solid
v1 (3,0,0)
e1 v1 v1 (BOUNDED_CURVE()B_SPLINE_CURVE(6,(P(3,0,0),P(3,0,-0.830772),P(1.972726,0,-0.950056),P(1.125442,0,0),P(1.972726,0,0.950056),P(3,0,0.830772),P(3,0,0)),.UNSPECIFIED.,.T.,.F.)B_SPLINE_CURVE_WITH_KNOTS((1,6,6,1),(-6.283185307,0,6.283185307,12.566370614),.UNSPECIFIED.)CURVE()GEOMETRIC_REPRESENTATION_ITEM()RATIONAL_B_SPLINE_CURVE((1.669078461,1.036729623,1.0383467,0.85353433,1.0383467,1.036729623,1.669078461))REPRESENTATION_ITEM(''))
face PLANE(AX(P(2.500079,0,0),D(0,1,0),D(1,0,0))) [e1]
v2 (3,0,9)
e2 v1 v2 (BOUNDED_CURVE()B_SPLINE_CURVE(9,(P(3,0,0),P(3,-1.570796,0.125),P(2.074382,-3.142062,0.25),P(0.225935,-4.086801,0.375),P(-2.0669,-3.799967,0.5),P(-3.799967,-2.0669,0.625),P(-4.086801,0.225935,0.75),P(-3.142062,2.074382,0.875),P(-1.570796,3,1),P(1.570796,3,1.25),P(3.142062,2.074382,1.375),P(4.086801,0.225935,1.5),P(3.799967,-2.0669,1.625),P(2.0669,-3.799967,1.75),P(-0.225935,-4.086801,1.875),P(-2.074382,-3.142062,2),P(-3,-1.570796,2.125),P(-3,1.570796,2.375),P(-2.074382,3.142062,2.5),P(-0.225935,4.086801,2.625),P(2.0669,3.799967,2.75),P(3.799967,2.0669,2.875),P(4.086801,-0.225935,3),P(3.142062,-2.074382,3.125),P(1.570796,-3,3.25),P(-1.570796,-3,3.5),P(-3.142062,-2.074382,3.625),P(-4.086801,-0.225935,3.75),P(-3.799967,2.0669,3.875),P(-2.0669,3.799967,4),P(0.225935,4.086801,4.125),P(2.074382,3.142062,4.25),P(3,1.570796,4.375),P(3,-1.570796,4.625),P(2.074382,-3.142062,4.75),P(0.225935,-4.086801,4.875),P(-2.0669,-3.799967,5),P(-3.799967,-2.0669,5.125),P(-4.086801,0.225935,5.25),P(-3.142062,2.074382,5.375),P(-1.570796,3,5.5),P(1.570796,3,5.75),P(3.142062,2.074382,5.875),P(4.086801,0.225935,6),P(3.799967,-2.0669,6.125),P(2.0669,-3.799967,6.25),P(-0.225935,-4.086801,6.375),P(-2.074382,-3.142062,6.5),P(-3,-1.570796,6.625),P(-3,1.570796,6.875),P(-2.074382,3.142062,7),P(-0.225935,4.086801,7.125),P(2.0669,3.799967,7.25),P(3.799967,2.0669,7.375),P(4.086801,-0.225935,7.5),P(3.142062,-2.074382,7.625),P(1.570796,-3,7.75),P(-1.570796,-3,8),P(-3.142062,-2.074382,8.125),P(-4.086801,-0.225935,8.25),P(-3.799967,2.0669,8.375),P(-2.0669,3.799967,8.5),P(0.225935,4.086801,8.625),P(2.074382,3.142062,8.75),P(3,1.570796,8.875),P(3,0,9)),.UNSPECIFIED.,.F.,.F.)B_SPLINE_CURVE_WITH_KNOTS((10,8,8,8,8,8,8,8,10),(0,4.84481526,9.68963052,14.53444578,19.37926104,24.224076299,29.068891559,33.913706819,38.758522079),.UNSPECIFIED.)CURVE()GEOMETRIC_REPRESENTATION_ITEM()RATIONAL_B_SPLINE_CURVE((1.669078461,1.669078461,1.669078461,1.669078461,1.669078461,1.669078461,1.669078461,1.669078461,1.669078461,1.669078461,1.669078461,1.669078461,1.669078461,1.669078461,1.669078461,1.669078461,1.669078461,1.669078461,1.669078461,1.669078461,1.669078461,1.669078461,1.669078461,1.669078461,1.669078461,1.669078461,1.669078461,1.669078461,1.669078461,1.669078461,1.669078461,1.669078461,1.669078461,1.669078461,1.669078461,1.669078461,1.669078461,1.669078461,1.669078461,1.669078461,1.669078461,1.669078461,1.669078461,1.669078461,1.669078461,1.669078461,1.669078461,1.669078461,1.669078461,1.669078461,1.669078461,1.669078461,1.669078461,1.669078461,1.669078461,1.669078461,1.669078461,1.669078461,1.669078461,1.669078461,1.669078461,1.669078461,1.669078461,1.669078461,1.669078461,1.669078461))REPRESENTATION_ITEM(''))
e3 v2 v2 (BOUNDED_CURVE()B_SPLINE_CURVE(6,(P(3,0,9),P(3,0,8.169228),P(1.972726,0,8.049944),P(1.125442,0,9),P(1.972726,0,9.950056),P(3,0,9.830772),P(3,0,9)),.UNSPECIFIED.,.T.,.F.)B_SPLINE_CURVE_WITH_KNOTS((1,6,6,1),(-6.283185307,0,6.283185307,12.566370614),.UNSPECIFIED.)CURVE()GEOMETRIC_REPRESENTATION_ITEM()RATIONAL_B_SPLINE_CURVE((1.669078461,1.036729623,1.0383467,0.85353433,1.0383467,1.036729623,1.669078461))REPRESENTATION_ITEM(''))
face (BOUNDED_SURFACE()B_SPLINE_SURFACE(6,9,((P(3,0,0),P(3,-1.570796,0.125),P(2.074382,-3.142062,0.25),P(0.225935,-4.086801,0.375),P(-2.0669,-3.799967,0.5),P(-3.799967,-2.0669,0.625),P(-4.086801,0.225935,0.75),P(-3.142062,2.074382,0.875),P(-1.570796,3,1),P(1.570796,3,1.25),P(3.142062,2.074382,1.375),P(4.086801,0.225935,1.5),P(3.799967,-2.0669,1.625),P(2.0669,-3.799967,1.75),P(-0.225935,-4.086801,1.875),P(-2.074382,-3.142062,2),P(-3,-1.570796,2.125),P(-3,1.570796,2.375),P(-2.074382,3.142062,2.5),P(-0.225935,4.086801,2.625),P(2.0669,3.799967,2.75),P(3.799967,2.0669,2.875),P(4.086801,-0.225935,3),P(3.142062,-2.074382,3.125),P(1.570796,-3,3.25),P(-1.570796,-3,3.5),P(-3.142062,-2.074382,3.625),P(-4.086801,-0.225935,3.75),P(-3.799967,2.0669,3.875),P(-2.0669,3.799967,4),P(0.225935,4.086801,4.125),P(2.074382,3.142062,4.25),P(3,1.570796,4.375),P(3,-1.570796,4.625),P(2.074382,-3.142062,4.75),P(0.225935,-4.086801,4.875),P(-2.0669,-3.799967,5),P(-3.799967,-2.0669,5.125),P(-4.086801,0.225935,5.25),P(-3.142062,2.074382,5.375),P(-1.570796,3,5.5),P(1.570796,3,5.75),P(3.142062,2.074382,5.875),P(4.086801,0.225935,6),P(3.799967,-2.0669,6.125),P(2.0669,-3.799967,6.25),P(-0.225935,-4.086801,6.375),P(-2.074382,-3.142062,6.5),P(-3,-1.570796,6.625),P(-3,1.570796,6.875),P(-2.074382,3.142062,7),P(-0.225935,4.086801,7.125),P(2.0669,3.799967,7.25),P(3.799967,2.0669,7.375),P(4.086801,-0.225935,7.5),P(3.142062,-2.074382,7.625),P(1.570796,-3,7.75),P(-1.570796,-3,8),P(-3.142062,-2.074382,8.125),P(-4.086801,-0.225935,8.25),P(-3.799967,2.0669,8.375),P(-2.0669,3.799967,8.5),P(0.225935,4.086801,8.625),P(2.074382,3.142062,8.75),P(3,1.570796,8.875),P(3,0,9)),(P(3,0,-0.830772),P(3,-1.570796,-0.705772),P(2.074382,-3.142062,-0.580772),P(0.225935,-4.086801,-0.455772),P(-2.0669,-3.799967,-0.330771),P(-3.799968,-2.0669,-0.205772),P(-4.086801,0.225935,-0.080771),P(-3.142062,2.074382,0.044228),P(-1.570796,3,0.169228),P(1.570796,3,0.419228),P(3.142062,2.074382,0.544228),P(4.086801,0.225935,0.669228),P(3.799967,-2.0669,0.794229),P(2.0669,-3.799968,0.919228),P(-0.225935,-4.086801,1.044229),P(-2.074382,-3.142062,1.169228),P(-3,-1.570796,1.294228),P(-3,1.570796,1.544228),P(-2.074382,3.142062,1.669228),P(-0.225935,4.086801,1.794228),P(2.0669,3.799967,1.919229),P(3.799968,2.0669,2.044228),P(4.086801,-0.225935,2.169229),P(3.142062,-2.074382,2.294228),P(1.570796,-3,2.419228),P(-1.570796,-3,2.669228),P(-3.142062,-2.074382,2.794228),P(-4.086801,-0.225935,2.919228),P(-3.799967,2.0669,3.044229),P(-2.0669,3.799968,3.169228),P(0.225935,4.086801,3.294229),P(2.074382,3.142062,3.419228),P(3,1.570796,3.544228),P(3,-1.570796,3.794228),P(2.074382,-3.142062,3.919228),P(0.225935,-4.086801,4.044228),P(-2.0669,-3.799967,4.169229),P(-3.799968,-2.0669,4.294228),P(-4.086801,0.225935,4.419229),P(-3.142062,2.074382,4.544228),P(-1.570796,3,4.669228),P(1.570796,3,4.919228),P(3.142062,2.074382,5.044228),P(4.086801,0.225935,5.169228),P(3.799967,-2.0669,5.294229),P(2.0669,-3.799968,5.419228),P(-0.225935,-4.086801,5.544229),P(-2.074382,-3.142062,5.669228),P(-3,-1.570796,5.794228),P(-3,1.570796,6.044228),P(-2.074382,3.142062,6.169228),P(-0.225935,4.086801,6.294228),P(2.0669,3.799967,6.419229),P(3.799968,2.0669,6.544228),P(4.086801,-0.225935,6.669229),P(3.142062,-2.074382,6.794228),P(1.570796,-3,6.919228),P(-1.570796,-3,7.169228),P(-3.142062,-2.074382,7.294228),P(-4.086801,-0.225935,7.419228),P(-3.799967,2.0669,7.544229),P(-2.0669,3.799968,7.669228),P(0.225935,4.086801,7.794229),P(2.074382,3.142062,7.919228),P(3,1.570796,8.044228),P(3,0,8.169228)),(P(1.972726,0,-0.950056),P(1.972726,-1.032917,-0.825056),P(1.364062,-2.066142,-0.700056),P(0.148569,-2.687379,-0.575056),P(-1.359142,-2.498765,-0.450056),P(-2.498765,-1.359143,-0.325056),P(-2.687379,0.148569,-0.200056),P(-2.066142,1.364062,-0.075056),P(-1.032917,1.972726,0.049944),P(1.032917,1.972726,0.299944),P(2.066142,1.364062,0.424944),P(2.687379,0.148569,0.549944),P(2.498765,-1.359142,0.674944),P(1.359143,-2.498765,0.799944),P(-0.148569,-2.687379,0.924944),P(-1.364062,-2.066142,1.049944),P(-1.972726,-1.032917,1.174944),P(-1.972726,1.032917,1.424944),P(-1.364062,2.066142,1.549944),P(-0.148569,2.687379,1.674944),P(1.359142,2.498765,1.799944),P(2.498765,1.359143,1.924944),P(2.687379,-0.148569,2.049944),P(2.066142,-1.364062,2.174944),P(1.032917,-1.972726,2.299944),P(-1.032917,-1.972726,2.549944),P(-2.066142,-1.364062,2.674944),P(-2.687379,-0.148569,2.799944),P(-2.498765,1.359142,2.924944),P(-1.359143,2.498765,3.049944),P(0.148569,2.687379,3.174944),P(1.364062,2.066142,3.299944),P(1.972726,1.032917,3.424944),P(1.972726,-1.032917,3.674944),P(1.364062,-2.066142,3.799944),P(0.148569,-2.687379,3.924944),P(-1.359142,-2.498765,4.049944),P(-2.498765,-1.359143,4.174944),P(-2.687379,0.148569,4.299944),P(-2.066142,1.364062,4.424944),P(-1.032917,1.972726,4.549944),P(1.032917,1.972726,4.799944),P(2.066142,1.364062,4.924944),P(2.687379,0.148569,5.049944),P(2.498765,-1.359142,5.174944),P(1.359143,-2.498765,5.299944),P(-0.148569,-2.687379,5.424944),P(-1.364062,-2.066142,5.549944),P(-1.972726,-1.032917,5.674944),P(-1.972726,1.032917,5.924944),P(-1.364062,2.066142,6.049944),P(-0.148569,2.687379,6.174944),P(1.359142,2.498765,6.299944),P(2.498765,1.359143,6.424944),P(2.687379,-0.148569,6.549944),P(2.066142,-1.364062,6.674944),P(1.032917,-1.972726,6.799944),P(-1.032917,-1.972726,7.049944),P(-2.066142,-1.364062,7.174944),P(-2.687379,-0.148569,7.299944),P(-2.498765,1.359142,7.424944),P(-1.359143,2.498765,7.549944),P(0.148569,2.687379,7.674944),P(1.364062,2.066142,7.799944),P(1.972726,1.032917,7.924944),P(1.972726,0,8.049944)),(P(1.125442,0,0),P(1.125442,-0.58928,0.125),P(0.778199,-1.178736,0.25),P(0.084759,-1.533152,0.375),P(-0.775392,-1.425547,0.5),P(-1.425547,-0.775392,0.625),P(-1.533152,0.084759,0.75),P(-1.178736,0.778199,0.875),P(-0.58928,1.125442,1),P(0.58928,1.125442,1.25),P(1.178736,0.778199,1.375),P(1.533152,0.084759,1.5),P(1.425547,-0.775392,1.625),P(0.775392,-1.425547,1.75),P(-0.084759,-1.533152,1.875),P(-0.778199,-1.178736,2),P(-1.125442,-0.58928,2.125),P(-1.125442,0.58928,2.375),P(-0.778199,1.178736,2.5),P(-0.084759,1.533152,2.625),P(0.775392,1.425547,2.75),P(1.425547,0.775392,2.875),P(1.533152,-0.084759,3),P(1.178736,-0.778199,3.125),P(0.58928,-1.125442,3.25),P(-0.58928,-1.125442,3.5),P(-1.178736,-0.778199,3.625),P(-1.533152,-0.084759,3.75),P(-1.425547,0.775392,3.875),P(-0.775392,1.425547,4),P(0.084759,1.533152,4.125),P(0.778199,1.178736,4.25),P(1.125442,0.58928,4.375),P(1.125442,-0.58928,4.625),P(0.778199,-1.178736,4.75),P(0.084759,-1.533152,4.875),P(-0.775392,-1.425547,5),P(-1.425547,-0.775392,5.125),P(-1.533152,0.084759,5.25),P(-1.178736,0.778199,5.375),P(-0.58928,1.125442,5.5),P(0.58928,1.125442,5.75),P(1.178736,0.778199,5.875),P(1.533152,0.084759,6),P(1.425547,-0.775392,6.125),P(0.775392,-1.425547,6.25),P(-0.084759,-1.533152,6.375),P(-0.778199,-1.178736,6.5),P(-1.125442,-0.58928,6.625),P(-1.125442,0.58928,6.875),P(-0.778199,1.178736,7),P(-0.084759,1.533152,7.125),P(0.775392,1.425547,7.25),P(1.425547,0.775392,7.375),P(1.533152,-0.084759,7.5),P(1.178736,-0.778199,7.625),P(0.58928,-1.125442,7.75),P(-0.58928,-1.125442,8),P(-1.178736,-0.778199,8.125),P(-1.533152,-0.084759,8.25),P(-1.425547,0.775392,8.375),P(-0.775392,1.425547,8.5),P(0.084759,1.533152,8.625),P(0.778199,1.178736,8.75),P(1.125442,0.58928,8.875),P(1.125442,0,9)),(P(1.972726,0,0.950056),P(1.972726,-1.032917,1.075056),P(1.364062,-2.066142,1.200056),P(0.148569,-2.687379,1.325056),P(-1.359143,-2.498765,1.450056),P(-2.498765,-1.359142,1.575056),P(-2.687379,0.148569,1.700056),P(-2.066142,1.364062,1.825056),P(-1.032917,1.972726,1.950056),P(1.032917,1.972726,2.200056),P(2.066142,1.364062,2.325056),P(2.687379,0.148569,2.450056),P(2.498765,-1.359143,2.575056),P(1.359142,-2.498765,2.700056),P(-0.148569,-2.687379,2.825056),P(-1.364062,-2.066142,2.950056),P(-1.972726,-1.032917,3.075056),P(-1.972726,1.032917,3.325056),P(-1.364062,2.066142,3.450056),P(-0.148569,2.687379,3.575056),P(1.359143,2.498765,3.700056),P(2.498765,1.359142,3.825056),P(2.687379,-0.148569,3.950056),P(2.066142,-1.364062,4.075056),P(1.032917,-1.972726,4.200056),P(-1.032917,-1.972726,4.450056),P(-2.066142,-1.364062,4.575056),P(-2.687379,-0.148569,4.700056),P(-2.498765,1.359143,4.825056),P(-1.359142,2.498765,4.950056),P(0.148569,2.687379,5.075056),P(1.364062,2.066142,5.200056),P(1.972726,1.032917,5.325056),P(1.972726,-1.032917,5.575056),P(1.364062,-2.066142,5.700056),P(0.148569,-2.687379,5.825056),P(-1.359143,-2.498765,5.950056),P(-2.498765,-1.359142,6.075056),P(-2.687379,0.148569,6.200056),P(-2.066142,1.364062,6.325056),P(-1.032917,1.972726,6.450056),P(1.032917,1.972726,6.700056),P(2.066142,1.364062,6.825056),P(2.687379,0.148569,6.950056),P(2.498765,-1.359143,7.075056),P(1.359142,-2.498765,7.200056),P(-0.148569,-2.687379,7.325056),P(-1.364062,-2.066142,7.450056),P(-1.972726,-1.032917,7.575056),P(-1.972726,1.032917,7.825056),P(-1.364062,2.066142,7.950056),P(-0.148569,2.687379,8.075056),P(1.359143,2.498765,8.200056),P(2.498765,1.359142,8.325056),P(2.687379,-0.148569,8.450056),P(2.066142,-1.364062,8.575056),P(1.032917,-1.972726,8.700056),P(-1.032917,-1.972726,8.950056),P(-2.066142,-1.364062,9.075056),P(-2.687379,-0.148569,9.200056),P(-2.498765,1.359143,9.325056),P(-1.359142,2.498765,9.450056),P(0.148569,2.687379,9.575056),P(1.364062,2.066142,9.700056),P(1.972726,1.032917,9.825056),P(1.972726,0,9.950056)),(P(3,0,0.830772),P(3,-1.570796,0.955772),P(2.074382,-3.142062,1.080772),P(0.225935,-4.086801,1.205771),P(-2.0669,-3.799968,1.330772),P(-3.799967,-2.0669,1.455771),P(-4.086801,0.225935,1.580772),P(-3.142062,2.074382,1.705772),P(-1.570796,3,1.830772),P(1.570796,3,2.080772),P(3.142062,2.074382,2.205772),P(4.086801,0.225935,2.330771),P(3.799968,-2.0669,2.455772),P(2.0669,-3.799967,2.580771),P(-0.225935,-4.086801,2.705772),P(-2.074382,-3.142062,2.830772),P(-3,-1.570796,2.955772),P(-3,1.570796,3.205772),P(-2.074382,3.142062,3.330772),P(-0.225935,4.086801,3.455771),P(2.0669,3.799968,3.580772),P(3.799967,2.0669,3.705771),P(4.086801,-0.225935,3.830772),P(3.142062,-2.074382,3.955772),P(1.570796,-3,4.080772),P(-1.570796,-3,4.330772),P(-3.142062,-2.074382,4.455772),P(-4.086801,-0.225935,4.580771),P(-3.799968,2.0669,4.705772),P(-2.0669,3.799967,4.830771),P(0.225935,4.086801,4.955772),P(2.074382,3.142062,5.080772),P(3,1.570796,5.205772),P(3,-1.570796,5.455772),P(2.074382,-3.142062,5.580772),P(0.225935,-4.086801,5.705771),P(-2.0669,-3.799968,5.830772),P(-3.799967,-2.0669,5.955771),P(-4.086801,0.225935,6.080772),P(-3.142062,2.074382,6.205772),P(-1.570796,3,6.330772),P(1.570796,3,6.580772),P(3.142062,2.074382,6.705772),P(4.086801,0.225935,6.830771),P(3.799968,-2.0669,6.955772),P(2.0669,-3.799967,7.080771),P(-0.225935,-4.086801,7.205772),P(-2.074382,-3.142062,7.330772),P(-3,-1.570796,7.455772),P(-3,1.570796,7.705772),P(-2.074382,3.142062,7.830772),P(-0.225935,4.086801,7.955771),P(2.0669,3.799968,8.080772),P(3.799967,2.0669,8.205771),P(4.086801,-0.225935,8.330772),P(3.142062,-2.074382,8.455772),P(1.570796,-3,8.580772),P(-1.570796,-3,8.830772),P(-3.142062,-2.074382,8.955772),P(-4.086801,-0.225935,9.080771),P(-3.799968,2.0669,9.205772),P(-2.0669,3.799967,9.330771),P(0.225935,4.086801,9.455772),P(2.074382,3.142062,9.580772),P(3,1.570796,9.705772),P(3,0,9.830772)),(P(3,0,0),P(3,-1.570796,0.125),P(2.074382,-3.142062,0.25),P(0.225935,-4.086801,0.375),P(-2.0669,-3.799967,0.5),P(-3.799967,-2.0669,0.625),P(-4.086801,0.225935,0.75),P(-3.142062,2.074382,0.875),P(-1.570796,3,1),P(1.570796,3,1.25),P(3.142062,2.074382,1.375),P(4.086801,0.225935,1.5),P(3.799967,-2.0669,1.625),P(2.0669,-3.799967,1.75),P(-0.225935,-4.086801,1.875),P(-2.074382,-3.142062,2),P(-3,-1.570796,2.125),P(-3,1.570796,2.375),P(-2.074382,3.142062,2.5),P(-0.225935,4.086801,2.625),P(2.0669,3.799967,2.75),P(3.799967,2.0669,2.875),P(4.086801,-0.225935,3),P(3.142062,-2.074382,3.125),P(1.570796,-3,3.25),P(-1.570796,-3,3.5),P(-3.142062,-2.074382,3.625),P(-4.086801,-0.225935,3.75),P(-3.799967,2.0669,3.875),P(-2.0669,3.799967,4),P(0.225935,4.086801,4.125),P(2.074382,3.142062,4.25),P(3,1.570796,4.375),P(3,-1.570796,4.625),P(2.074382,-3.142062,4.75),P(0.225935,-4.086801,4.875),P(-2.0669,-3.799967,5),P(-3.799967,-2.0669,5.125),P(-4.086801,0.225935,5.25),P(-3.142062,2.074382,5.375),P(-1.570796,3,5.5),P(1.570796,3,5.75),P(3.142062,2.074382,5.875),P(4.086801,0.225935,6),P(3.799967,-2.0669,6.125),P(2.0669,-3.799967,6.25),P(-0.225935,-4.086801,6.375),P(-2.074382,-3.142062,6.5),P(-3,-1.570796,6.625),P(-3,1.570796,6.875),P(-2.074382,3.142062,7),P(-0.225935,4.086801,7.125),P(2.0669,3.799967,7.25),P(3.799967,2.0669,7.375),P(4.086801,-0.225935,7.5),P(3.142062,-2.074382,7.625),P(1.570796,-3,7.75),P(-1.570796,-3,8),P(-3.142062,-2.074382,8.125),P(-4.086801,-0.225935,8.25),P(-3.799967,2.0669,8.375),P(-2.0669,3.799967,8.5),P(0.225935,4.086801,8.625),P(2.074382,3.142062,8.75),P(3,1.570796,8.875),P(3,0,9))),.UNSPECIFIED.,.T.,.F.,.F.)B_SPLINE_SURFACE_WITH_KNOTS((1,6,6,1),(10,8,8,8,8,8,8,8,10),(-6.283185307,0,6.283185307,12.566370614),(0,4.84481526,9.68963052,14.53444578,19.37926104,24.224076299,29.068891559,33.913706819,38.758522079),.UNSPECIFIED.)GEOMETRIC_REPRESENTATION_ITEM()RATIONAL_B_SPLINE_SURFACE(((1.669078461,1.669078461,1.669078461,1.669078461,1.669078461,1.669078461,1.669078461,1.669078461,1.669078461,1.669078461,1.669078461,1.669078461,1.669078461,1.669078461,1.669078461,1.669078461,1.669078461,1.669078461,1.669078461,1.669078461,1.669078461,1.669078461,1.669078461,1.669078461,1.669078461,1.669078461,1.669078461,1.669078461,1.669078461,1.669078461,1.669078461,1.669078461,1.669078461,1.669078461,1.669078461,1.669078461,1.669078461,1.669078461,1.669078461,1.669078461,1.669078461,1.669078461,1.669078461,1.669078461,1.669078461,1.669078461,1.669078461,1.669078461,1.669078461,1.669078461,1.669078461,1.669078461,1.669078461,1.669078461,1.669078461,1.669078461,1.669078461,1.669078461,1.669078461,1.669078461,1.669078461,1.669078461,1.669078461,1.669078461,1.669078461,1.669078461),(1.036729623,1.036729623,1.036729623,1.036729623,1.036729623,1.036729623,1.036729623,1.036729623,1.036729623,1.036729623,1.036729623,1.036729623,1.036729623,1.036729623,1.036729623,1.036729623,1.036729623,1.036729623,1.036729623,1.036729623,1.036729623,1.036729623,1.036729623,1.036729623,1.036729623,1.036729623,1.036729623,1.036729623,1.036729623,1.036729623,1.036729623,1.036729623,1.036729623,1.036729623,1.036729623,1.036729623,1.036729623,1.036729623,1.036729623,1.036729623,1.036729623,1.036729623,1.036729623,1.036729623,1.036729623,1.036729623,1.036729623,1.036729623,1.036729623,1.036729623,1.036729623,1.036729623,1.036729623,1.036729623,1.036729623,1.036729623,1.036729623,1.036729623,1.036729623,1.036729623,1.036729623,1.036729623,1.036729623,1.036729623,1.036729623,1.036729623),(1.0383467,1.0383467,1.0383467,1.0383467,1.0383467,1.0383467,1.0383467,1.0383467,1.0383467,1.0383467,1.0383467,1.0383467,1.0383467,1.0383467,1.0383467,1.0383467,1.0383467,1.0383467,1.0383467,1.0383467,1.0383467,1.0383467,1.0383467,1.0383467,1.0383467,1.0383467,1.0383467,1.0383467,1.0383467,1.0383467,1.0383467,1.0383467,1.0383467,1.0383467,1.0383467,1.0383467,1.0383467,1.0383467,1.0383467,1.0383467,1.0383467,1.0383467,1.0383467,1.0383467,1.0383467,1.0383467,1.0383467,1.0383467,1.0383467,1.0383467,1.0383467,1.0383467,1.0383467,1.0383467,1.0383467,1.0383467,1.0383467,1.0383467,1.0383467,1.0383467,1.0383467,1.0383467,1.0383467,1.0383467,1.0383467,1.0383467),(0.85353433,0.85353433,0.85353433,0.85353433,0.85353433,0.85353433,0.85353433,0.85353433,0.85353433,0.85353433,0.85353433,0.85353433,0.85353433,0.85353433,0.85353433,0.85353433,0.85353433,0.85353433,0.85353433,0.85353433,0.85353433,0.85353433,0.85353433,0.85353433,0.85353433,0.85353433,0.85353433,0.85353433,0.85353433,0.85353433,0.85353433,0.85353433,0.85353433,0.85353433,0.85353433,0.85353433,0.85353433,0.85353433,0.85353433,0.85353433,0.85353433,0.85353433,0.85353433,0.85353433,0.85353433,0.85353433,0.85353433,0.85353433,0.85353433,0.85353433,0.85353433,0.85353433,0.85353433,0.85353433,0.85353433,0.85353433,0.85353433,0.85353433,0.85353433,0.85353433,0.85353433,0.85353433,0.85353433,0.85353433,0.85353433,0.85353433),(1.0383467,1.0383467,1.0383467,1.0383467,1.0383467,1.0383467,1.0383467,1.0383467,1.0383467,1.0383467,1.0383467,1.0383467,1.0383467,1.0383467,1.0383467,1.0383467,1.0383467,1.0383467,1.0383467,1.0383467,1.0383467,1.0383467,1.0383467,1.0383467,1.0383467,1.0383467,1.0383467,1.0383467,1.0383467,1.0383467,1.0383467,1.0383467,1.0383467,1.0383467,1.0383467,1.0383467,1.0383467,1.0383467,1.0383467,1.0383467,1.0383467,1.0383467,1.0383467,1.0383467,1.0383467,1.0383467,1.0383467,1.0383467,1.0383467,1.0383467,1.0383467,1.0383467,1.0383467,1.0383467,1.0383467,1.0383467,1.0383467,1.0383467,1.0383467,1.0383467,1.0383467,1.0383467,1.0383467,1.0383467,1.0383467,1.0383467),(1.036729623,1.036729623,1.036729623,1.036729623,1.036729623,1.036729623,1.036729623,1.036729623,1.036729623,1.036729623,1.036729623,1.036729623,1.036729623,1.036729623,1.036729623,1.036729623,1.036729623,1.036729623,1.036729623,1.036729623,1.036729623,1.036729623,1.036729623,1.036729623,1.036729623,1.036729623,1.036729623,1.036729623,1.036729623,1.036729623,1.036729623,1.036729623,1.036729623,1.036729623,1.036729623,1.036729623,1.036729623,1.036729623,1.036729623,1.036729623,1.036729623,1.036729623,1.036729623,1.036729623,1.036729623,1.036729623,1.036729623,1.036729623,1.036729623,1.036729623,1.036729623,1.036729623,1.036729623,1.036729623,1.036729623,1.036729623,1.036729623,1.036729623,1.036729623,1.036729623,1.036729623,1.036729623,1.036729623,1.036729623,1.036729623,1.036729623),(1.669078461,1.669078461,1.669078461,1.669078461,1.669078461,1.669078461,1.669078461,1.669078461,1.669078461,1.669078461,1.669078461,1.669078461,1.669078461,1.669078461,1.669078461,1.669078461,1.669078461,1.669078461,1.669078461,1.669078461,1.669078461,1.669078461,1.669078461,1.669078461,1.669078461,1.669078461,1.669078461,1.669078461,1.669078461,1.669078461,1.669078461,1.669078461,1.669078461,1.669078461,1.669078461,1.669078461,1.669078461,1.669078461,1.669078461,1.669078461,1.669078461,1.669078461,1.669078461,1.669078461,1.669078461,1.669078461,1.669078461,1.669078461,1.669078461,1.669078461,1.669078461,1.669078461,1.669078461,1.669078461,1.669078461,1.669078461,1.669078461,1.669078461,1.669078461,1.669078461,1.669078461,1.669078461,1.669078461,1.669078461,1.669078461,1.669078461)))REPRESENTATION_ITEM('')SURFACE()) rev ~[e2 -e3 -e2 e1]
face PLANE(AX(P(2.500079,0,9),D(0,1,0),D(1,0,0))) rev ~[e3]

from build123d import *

# Parameters (mm, degrees)
SWEEP1_PITCH  = 1.5
SWEEP1_HEIGHT = 9
SWEEP1_RADIUS = 2.5
SKETCH2_R     = 0.5


with BuildPart() as part:
    # Sweep1: sweep along a helix
    with BuildLine() as sweep1_path:
        Helix(SWEEP1_PITCH, SWEEP1_HEIGHT, SWEEP1_RADIUS, center=(0, 0, 0), direction=(0, 0, 1), lefthand=True)
    # Sketch2 → Sweep1 (sweep)
    with BuildSketch(Plane(origin=(0, 0, 0), x_dir=(1, 0, 0), z_dir=(0, 1, 0))):
        with Locations((2.5, 0)):
            Circle(SKETCH2_R)
    sweep(path=sweep1_path.line, is_frenet=True)


solid = part.part
